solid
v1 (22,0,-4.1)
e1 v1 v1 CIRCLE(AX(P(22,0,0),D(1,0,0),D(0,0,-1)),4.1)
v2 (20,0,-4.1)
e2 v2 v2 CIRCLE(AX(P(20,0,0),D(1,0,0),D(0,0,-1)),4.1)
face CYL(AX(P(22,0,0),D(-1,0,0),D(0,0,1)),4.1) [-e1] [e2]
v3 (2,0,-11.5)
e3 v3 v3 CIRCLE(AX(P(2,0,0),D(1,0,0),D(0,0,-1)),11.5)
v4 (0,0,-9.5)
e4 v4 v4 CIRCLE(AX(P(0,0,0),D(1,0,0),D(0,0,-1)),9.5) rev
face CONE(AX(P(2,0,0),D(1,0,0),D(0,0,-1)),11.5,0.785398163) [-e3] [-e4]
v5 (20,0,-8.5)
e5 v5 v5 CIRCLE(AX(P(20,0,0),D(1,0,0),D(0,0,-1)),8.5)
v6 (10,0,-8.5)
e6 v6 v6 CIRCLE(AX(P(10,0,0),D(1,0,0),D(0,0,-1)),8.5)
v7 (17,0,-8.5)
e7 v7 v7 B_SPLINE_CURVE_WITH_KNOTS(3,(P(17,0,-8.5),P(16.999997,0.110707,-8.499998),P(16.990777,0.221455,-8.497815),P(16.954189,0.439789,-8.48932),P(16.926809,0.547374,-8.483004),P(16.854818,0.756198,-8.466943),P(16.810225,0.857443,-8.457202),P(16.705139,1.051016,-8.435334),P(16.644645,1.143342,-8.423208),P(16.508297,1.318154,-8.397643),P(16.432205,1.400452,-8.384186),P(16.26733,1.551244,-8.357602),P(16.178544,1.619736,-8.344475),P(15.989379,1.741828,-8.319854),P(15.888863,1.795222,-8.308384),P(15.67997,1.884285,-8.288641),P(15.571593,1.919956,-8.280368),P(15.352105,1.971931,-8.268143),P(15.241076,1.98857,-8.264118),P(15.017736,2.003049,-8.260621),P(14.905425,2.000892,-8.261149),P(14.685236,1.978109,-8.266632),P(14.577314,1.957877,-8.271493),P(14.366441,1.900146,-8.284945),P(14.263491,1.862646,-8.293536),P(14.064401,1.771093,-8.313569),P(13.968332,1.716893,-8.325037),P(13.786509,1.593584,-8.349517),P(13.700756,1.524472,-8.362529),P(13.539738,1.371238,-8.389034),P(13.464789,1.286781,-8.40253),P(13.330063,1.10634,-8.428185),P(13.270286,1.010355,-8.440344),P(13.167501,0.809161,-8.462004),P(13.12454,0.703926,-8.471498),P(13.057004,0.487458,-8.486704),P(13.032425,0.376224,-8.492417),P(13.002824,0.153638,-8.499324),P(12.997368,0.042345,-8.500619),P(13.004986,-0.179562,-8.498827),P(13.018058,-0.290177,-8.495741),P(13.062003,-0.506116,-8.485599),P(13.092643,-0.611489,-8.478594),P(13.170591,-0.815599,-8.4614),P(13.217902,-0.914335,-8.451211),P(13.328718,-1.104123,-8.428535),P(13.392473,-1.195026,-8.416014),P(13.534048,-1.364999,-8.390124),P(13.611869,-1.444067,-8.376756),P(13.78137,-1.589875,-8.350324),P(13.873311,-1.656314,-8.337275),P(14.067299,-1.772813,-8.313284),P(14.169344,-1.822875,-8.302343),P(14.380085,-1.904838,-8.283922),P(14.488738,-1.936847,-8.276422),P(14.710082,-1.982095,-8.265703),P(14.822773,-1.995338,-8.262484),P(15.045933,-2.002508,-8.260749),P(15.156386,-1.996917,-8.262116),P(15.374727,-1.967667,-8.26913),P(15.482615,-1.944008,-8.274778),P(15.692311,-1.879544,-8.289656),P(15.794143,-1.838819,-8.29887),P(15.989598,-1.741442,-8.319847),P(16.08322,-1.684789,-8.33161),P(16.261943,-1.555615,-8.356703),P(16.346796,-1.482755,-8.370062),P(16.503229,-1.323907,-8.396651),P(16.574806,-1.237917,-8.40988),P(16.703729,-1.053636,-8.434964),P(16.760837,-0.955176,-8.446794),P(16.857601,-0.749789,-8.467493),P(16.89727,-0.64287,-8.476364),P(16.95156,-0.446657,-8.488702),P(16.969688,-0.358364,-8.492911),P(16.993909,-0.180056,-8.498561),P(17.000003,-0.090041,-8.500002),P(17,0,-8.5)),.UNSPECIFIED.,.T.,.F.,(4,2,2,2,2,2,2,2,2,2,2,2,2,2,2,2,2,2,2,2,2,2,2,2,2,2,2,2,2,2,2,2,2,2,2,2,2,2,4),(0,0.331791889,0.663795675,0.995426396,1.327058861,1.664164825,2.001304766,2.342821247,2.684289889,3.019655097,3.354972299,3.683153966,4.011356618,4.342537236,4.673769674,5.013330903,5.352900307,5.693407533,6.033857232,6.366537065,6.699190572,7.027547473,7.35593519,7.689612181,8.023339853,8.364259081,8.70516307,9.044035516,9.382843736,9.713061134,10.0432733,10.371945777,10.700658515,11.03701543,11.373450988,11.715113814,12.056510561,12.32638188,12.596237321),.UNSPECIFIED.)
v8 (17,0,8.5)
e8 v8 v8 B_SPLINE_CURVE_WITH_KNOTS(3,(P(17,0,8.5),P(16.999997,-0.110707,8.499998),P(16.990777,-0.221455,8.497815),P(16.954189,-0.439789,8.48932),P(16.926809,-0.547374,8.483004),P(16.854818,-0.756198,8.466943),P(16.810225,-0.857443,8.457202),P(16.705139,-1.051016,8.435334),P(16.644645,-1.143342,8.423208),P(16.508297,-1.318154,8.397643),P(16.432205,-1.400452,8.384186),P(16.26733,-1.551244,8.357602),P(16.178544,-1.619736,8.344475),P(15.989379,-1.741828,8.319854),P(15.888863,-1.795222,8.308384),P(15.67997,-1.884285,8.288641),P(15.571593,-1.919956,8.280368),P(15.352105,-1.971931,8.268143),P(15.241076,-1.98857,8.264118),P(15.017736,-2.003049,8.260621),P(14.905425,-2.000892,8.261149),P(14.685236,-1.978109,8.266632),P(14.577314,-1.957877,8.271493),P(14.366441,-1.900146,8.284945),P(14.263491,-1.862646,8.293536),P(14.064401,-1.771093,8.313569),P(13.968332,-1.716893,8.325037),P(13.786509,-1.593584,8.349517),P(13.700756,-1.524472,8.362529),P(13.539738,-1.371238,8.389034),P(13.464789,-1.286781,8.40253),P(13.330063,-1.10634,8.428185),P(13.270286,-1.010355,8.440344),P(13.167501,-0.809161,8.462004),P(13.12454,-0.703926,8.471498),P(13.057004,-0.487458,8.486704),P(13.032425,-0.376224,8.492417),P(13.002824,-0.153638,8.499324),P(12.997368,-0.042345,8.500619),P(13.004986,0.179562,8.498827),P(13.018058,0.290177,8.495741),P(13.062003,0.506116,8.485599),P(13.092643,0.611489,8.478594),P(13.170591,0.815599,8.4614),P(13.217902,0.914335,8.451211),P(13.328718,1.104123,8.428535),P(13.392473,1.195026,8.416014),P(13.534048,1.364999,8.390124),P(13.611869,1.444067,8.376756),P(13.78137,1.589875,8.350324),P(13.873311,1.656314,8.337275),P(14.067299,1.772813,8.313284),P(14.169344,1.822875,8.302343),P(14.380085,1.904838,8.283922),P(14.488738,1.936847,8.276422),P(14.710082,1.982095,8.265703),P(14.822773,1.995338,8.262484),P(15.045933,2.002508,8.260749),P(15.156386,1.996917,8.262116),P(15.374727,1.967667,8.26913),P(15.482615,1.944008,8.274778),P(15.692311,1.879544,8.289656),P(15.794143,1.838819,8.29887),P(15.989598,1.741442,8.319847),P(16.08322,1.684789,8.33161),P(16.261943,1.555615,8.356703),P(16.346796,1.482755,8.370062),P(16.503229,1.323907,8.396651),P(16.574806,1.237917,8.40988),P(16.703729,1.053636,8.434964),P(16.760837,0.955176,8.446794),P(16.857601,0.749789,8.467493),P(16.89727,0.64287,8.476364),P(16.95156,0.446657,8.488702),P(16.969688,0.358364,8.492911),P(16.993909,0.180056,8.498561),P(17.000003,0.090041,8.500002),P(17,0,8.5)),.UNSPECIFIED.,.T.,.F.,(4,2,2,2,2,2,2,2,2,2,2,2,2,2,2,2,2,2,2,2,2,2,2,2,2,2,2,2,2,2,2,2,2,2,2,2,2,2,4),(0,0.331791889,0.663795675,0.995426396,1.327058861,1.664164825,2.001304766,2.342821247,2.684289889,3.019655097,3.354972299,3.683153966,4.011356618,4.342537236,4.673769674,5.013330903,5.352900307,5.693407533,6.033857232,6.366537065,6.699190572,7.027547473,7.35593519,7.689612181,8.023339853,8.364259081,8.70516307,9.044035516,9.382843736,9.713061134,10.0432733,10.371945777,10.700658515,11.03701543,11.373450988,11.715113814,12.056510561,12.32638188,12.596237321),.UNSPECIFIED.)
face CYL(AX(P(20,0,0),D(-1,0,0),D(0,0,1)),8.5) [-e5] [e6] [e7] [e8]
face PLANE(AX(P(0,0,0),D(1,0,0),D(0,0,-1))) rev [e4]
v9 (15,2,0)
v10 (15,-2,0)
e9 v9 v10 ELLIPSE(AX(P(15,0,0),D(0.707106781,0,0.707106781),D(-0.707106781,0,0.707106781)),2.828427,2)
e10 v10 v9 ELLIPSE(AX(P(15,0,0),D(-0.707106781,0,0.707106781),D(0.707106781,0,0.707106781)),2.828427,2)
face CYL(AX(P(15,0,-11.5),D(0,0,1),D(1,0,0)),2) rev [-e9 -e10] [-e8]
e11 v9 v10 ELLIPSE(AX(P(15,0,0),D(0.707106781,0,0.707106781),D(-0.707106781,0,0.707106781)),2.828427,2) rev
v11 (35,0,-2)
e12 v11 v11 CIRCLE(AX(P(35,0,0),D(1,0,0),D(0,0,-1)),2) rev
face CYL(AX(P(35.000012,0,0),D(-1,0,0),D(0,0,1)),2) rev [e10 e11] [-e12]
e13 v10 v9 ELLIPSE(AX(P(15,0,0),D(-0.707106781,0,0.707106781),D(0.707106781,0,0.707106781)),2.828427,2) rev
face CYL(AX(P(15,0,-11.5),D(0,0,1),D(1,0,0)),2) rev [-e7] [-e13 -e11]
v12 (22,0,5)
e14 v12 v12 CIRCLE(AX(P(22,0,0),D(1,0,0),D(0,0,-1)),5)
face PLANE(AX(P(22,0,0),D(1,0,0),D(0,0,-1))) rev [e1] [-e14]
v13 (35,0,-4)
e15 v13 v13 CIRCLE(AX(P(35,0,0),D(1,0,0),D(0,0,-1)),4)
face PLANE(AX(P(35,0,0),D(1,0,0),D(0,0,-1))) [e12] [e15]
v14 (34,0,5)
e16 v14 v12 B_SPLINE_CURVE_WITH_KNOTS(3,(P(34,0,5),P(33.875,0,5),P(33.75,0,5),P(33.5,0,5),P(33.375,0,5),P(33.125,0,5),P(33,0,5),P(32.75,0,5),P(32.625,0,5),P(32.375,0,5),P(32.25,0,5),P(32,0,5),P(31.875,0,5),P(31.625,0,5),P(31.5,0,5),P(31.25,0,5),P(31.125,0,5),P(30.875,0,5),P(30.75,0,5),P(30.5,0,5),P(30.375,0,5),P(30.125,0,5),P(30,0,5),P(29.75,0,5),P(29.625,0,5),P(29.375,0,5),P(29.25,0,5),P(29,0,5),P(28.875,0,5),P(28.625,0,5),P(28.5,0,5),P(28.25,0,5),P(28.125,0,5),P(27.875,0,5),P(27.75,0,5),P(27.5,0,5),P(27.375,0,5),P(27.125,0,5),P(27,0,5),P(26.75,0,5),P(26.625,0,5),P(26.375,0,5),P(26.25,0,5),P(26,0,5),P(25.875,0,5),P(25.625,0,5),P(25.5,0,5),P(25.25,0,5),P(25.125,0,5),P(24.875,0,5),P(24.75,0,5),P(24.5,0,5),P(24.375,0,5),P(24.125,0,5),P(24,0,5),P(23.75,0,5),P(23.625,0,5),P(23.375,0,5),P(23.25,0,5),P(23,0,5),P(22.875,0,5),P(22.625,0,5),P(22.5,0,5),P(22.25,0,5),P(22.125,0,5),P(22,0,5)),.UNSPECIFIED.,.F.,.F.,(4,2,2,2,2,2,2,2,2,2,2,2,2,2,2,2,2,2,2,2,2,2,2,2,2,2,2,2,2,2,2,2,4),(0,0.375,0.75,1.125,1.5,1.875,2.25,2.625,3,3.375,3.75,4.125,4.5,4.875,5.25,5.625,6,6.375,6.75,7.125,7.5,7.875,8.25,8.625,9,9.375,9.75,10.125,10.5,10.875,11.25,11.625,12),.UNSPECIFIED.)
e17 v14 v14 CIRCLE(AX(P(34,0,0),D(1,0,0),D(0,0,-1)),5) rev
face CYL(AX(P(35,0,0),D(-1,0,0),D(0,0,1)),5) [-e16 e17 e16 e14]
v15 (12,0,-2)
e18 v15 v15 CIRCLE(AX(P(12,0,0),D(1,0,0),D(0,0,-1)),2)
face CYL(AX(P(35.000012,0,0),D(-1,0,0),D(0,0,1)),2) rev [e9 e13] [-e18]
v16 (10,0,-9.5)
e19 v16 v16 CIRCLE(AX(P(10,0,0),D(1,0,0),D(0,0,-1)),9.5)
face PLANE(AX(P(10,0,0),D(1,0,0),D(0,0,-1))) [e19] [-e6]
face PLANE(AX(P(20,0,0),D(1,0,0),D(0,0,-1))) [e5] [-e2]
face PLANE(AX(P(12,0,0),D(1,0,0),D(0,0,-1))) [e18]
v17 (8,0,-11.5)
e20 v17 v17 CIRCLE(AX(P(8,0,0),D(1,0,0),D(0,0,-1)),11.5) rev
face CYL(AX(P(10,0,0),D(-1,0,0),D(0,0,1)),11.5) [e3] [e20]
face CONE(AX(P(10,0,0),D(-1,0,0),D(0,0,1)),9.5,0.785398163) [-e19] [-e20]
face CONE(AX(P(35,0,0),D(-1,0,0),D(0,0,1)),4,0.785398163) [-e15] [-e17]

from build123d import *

# Parameters (mm, degrees)
SKETCH_1_R               = 11.5
EXTRUDE_1_DEPTH          = 10
CHAMFER_1_SIZE           = 2
CHAMFER_2_SIZE           = 2
SKETCH_2_R               = 8.5
EXTRUDE_2_DEPTH          = 10
SKETCH_3_R               = 4.1
EXTRUDE_3_DEPTH          = 2
SKETCH_4_R               = 5
EXTRUDE_4_DEPTH          = 13
CHAMFER_3_SIZE           = 1
CUT_EXTRUDE_1_DEPTH      = 39.594040991
CUT_EXTRUDE_1_DEPTH_BACK = 39.594040991
SKETCH_5_R               = 2
CUT_EXTRUDE_2_DEPTH      = 39.594040991
CUT_EXTRUDE_2_DEPTH_BACK = 23
SKETCH_6_R               = 2


with BuildPart() as part:
    # 草图1 → 凸台-拉伸1 (new body)
    with BuildSketch(Plane(origin=(0, 0, 0), x_dir=(0, 0, -1), z_dir=(1, 0, 0))):
        Circle(SKETCH_1_R)
    extrude(amount=EXTRUDE_1_DEPTH)

    # 倒角1
    chamfer_1_edges = [part.edges().sort_by_distance(p)[0] for p in [
        (0, 0, 11.5),
    ]]
    chamfer(chamfer_1_edges, length=CHAMFER_1_SIZE)

    # 倒角2
    chamfer_2_edges = [part.edges().sort_by_distance(p)[0] for p in [
        (10, 0, 11.5),
    ]]
    chamfer(chamfer_2_edges, length=CHAMFER_2_SIZE)

    # 草图2 → 凸台-拉伸2 (add)
    with BuildSketch(Plane(origin=(10, 0, 0), x_dir=(0, 0, -1), z_dir=(1, 0, 0))):
        Circle(SKETCH_2_R)
    extrude(amount=EXTRUDE_2_DEPTH)

    # 草图3 → 凸台-拉伸3 (add)
    with BuildSketch(Plane(origin=(20, 0, 0), x_dir=(0, 0, -1), z_dir=(1, 0, 0))):
        Circle(SKETCH_3_R)
    extrude(amount=EXTRUDE_3_DEPTH)

    # 草图4 → 凸台-拉伸4 (add)
    with BuildSketch(Plane(origin=(22, 0, 0), x_dir=(0, 0, -1), z_dir=(1, 0, 0))):
        Circle(SKETCH_4_R)
    extrude(amount=EXTRUDE_4_DEPTH)

    # 倒角3
    chamfer_3_edges = [part.edges().sort_by_distance(p)[0] for p in [
        (35, 0, 5),
    ]]
    chamfer(chamfer_3_edges, length=CHAMFER_3_SIZE)

    # 草图5 → 切除-拉伸1 (cut, two sides: drawn at the far end of the back side and taken through both)
    with BuildSketch(Plane.XY.offset(-CUT_EXTRUDE_1_DEPTH_BACK)):
        with Locations((15, 0)):
            Circle(SKETCH_5_R)
    extrude(amount=CUT_EXTRUDE_1_DEPTH + CUT_EXTRUDE_1_DEPTH_BACK, mode=Mode.SUBTRACT)

    # 草图6 → 切除-拉伸2 (cut, two sides: drawn at the far end of the back side and taken through both)
    with BuildSketch(Plane(origin=(35, 0, 0), x_dir=(0, 0, -1), z_dir=(1, 0, 0)).offset(-CUT_EXTRUDE_2_DEPTH_BACK)):
        Circle(SKETCH_6_R)
    extrude(amount=CUT_EXTRUDE_2_DEPTH + CUT_EXTRUDE_2_DEPTH_BACK, mode=Mode.SUBTRACT)


solid = part.part
